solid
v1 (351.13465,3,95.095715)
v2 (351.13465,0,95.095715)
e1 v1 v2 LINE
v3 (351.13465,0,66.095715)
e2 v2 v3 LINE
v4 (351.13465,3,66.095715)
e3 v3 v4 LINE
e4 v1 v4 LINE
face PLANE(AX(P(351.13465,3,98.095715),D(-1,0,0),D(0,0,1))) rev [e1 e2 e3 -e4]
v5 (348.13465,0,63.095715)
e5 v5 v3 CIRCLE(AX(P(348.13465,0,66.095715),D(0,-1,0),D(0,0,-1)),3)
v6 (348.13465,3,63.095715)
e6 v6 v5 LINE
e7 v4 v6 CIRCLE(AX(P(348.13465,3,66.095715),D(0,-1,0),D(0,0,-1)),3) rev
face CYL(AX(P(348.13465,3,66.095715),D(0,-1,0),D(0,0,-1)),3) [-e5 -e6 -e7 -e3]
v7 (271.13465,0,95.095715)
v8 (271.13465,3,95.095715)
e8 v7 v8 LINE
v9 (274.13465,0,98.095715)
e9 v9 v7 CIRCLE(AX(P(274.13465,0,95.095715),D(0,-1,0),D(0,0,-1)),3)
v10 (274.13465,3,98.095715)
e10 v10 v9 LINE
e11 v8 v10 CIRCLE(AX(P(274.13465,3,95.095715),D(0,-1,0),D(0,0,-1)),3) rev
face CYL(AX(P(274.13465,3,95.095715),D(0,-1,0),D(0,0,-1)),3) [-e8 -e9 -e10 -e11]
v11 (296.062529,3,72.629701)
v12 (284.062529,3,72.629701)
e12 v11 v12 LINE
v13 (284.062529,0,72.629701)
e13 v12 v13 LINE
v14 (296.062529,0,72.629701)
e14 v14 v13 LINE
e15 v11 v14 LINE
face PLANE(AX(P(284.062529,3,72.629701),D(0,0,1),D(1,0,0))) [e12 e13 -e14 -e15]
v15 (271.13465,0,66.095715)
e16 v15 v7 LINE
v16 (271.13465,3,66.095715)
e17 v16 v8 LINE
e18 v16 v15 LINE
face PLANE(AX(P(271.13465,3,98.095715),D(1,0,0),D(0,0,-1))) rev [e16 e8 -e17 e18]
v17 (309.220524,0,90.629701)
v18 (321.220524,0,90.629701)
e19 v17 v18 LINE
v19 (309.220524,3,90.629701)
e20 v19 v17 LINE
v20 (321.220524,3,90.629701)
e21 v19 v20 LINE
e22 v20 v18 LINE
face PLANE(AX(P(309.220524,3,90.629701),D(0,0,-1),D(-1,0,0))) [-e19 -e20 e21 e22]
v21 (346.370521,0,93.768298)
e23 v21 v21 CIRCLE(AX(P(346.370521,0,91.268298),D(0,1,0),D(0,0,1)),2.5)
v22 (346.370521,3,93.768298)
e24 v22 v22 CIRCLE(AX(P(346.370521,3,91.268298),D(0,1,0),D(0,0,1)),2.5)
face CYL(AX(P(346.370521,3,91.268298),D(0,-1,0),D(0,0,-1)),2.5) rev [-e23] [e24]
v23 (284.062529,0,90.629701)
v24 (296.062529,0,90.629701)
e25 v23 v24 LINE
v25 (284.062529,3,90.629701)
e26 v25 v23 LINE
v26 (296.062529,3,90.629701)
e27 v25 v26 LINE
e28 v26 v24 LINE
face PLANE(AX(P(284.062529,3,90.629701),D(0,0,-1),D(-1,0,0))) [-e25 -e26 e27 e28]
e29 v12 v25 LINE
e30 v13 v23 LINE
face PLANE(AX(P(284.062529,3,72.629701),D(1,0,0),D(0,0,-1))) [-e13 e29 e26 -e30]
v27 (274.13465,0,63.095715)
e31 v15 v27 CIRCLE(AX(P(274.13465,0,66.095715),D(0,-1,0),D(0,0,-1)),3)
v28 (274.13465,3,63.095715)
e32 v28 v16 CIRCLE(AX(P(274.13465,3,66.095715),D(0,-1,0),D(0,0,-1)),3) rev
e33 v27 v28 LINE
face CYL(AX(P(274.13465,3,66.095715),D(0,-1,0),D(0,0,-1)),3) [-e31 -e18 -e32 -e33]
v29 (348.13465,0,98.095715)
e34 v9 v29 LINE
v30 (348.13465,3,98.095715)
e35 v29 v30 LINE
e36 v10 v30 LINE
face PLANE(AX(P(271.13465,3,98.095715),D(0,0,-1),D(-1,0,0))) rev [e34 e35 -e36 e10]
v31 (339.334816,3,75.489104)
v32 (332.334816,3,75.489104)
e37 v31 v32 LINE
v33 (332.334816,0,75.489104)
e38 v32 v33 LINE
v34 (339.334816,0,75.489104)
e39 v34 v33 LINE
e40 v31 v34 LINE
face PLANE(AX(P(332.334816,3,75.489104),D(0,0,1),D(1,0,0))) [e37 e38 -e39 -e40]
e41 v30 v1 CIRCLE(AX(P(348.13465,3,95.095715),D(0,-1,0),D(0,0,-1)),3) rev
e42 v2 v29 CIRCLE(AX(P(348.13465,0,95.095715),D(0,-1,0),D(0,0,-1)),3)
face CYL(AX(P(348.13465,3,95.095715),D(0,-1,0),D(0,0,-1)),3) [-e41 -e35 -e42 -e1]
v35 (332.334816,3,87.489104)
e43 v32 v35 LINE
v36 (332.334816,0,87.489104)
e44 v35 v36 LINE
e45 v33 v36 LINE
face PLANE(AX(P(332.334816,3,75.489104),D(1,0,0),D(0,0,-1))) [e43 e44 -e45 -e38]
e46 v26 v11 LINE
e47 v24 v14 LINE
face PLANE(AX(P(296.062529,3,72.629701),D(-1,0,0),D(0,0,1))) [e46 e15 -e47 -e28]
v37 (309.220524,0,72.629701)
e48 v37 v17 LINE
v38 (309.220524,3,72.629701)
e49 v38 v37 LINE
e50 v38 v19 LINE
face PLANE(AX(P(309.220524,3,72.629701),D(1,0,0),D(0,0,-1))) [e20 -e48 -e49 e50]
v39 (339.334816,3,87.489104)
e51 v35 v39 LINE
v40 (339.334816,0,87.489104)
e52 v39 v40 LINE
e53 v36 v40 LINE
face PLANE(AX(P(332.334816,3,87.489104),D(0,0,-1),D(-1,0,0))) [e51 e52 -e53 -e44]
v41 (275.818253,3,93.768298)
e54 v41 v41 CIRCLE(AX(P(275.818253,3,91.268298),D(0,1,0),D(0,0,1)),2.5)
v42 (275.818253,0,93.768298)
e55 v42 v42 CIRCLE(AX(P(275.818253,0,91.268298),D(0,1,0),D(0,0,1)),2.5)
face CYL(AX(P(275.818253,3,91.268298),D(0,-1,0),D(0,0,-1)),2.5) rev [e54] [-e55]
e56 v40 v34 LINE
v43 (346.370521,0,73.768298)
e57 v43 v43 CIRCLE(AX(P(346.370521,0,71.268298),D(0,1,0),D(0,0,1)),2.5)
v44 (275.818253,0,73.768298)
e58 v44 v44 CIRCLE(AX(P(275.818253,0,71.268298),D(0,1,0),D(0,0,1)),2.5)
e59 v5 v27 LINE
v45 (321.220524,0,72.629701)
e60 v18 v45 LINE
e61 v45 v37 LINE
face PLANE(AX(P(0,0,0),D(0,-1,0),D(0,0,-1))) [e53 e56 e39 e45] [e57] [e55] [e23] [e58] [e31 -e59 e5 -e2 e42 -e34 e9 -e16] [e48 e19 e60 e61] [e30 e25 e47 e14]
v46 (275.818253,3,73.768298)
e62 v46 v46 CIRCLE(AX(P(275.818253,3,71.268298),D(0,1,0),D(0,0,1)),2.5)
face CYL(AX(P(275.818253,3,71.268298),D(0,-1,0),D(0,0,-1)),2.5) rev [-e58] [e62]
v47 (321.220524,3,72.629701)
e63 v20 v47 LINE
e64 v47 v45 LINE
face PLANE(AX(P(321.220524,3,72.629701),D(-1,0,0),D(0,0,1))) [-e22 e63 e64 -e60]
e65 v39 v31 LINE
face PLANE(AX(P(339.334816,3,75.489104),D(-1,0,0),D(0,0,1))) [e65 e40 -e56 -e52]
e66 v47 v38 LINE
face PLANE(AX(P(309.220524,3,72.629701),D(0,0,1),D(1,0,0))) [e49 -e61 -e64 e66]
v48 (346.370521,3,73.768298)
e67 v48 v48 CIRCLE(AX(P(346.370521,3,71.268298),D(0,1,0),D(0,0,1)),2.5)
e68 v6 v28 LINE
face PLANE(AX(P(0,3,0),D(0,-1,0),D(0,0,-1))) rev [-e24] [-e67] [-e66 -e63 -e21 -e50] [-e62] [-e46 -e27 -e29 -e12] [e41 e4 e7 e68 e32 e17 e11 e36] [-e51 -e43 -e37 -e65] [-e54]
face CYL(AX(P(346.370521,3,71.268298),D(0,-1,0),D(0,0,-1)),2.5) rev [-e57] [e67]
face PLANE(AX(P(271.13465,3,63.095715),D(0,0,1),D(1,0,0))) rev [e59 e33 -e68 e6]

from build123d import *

# Parameters (mm, degrees)
SKETCH1_W           = 80
SKETCH1_H           = 35
SKETCH1_R           = 2.5
SKETCH1_W_2         = 12
SKETCH1_H_2         = 18
SKETCH1_W_3         = 7
SKETCH1_H_3         = 12
BOSS_EXTRUDE1_DEPTH = 3
FILLET1_R           = 3


with BuildPart() as part:
    # Sketch1 → Boss-Extrude1 (new body)
    with BuildSketch(Plane(origin=(0, 0, 0), x_dir=(1, 0, 0), z_dir=(0, 1, 0))):
        with Locations((311.134650114, -80.595715333)):
            Rectangle(SKETCH1_W, SKETCH1_H)
        with Locations(Location((275.818253153, -71.268297863, 0), (0, 0, 270))):
            Circle(SKETCH1_R, mode=Mode.SUBTRACT)
        with Locations(Location((275.818253153, -91.268297863, 0), (0, 0, 270))):
            Circle(SKETCH1_R, mode=Mode.SUBTRACT)
        with Locations(Location((346.370521359, -71.268297863, 0), (0, 0, 270))):
            Circle(SKETCH1_R, mode=Mode.SUBTRACT)
        with Locations(Location((346.370521359, -91.268297863, 0), (0, 0, 270))):
            Circle(SKETCH1_R, mode=Mode.SUBTRACT)
        with Locations((315.220523964, -81.629701497)):
            Rectangle(SKETCH1_W_2, SKETCH1_H_2, mode=Mode.SUBTRACT)
        with Locations((290.062529159, -81.629701497)):
            Rectangle(SKETCH1_W_2, SKETCH1_H_2, mode=Mode.SUBTRACT)
        with Locations((335.834815931, -81.489103707)):
            Rectangle(SKETCH1_W_3, SKETCH1_H_3, mode=Mode.SUBTRACT)
    extrude(amount=BOSS_EXTRUDE1_DEPTH)

    # Fillet1
    fillet1_edges = [part.edges().sort_by_distance(p)[0] for p in [
        (271.134650114, 1.5, 63.095715333),
        (351.134650114, 1.5, 63.095715333),
        (351.134650114, 1.5, 98.095715333),
        (271.134650114, 1.5, 98.095715333),
    ]]
    fillet(fillet1_edges, radius=FILLET1_R)


solid = part.part
